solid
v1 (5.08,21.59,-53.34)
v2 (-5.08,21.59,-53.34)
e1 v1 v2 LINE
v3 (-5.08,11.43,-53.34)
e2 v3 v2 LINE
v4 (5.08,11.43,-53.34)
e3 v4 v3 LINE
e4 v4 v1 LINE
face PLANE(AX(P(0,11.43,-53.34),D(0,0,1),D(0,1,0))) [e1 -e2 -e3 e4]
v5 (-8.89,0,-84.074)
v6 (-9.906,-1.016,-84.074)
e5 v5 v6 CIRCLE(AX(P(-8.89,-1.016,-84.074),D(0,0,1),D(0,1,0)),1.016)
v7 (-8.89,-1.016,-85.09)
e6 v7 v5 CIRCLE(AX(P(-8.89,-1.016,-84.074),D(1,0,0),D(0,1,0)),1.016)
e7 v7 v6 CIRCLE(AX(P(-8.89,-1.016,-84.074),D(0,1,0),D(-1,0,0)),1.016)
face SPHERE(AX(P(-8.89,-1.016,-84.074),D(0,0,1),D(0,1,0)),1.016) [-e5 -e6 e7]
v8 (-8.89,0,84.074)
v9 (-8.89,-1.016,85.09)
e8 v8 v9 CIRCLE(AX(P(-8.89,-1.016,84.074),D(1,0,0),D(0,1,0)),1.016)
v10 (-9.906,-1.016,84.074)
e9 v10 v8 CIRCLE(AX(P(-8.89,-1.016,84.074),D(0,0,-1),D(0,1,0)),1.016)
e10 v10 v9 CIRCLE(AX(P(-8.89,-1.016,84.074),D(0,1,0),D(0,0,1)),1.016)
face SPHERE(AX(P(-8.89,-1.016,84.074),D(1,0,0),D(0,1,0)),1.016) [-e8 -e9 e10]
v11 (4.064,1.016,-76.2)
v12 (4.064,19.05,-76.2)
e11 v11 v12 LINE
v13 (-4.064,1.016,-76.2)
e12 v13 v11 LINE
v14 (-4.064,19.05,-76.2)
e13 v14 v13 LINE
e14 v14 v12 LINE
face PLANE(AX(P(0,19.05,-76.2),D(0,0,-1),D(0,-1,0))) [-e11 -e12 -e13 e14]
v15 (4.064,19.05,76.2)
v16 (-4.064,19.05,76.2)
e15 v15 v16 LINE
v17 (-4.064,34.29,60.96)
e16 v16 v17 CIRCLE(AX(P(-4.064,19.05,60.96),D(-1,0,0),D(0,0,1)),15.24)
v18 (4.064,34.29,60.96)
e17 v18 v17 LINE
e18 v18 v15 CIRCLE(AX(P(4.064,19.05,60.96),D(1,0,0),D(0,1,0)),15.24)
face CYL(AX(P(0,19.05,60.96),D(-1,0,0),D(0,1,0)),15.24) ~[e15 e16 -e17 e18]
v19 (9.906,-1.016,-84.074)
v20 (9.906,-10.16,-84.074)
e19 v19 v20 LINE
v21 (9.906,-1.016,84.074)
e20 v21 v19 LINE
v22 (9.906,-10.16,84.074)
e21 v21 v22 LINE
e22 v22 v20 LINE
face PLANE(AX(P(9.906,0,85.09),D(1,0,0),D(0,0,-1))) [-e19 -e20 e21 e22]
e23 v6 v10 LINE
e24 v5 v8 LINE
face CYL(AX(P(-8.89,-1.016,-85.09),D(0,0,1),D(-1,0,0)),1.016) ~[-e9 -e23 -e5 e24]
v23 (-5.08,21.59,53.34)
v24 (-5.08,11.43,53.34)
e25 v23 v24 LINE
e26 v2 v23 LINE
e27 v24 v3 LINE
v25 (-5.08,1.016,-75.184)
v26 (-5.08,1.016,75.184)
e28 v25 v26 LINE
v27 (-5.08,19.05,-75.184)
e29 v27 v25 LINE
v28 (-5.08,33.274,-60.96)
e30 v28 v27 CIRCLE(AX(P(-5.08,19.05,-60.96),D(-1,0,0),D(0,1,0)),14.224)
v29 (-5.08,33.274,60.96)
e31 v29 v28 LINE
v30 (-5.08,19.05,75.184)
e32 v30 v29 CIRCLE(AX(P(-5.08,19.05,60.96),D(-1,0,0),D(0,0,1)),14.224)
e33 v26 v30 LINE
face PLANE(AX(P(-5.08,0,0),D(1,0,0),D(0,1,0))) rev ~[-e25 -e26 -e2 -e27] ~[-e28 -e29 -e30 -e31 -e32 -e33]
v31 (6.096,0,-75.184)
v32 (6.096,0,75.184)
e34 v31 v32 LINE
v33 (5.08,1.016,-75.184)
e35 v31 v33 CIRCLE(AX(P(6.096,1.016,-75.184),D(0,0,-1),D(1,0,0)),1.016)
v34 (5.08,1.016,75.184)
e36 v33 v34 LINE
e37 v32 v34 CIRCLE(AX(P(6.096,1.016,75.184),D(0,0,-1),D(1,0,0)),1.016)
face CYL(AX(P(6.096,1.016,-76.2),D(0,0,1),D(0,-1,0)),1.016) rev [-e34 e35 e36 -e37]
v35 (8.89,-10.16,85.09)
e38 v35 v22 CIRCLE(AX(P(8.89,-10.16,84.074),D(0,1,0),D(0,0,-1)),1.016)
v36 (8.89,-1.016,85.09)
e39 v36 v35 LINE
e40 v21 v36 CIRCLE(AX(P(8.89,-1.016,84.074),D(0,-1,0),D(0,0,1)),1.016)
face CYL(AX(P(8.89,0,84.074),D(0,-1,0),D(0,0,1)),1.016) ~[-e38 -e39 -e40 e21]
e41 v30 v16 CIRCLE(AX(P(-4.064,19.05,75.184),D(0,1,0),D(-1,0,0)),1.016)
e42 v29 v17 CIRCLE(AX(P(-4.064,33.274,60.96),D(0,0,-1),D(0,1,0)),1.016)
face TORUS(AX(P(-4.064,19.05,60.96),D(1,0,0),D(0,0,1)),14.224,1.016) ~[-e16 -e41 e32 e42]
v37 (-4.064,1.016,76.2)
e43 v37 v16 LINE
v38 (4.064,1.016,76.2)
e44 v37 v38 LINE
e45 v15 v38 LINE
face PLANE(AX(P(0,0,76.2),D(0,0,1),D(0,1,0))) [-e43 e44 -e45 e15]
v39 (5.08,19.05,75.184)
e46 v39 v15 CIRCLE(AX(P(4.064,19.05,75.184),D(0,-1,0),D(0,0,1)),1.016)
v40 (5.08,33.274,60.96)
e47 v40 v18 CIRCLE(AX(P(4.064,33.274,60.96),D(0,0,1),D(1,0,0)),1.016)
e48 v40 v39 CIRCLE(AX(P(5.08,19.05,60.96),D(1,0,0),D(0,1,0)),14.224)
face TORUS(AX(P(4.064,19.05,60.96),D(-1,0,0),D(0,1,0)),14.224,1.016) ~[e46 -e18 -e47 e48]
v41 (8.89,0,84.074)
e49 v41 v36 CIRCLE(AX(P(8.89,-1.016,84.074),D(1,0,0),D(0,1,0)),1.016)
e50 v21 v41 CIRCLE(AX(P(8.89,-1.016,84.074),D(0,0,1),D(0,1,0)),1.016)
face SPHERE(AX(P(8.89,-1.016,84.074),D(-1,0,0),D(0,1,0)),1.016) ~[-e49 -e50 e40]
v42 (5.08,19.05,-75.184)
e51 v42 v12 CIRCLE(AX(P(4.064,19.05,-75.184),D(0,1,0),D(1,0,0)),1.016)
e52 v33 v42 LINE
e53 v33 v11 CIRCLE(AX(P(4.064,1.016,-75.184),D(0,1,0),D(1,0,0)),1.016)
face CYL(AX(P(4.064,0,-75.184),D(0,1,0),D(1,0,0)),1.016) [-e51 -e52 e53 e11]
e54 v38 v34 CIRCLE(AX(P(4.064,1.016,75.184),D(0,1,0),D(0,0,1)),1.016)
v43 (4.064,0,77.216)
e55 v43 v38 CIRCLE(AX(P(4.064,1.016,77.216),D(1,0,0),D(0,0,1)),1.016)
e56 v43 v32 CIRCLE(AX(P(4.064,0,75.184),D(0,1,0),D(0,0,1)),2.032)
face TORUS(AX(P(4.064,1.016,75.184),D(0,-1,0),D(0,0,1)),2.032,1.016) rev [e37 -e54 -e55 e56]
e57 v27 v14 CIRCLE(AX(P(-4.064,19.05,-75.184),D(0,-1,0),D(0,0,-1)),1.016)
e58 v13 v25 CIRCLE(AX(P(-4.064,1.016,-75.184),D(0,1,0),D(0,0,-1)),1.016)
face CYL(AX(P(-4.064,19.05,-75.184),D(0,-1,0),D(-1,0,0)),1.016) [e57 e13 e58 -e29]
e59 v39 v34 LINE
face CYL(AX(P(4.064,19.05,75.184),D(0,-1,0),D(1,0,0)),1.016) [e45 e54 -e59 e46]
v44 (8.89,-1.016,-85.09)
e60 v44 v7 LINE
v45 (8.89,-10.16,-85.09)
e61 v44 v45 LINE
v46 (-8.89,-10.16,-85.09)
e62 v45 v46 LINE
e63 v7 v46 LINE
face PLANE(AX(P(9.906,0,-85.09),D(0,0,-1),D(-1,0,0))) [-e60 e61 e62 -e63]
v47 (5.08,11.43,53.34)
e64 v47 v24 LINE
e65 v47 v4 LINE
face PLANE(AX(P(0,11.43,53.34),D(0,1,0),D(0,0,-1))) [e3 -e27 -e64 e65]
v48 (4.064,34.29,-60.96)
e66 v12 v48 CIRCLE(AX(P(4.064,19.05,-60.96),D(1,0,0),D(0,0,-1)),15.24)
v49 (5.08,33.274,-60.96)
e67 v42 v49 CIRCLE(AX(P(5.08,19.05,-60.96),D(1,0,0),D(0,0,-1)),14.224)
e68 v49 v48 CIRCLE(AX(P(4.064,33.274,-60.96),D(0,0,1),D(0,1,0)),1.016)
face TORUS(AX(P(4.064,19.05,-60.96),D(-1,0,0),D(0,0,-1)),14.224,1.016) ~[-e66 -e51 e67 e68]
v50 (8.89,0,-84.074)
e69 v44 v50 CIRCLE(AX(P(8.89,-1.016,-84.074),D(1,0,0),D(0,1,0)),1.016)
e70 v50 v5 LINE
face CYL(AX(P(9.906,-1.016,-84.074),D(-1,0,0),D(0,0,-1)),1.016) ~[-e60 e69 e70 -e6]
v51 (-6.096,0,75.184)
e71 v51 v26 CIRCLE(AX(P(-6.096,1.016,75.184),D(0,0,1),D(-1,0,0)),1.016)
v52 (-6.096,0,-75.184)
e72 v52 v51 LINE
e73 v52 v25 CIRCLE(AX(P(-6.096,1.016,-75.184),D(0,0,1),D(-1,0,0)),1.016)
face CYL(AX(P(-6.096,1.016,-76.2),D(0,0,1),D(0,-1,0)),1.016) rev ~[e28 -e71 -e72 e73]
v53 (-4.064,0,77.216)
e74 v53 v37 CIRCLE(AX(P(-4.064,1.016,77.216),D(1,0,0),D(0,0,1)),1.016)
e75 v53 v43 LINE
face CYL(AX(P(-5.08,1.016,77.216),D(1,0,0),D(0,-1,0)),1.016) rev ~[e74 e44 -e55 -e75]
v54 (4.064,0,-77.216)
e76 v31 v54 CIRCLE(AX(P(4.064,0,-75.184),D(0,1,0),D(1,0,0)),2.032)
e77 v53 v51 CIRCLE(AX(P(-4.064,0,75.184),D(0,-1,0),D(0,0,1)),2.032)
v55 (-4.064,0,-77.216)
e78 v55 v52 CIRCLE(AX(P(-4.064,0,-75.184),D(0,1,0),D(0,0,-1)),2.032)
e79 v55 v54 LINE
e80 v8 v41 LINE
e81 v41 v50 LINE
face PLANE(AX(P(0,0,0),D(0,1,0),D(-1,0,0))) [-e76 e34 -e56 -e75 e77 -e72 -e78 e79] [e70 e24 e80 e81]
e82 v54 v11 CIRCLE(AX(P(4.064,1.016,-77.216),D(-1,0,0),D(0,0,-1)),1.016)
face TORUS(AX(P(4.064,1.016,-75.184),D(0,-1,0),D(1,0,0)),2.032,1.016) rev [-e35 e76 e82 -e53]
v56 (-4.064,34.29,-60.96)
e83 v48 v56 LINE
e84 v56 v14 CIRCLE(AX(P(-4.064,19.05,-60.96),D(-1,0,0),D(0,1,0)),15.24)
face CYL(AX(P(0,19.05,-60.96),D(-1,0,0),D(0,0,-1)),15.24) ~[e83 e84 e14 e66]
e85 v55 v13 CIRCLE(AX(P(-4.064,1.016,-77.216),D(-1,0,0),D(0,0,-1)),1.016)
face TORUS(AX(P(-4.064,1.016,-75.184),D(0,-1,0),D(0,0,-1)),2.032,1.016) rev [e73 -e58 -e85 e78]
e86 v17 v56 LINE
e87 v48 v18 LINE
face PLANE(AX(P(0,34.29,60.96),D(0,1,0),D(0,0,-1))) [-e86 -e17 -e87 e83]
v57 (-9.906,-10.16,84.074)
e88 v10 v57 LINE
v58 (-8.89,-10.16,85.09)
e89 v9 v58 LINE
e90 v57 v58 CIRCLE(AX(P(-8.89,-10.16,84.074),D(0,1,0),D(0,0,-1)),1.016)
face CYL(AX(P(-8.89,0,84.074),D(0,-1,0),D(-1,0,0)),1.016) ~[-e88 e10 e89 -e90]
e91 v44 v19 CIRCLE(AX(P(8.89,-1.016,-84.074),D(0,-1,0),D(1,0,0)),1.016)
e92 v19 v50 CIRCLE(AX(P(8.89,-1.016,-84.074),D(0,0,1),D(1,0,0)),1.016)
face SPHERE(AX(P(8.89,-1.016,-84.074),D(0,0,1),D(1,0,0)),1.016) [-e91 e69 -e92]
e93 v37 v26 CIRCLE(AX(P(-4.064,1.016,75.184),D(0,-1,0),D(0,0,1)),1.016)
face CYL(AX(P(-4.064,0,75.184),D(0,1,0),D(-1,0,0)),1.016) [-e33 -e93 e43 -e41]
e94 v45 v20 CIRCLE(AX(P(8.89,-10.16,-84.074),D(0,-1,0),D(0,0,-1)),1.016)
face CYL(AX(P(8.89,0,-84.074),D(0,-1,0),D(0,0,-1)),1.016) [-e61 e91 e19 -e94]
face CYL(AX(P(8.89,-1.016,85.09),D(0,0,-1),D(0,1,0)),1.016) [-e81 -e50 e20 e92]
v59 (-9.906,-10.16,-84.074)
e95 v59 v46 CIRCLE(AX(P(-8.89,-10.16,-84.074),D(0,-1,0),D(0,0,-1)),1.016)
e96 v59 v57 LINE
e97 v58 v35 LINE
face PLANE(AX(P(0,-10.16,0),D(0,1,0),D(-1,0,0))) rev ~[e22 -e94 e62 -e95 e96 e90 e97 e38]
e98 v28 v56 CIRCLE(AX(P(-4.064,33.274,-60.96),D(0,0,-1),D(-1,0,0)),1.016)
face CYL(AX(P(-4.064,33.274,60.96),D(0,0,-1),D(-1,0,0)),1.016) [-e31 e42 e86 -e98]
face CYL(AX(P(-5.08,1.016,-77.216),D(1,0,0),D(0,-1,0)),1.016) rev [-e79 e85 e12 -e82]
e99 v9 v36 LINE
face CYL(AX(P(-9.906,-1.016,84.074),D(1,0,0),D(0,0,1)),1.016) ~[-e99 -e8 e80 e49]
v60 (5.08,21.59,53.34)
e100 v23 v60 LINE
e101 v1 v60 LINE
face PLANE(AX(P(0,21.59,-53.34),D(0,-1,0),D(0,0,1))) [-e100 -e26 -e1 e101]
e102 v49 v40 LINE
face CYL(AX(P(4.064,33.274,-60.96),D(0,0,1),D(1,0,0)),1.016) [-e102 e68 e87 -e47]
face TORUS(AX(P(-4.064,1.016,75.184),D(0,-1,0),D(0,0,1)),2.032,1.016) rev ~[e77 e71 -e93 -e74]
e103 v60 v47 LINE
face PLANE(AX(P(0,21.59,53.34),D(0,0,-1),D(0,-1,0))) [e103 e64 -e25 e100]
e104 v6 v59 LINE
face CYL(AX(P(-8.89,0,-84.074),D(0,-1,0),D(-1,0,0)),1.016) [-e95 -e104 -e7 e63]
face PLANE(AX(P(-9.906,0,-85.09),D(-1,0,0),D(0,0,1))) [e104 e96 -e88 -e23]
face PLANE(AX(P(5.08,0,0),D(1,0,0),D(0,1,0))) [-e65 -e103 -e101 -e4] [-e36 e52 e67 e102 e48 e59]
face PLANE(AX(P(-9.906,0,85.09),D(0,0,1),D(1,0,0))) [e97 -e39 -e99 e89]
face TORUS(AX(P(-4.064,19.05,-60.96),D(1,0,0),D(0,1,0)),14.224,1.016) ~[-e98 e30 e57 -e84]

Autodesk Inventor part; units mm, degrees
ref_plane "YZ Plane" through (0, 0, 0) normal (1, 0, 0) x (0, 1, 0)
ref_plane "XZ Plane" through (0, 0, 0) normal (0, 1, 0) x (-1, 0, 0)
ref_plane "XY Plane" through (0, 0, 0) normal (0, 0, 1) x (1, 0, 0)
sketch "Sketch1" plane through (0, 0, 0) normal (1, 0, 0) x (0, 1, 0)
  line L0 (0, 76.2) -> (19.05, 76.2)
  line L1 (34.29, 60.96) -> (34.29, -60.96)
  line L2 (19.05, -76.2) -> (0, -76.2)
  line L3 (0, -76.2) -> (0, 76.2)
  line L4 (21.59, 53.34) -> (11.43, 53.34)
  line L5 (11.43, 53.34) -> (11.43, -53.34)
  line L6 (11.43, -53.34) -> (21.59, -53.34)
  line L7 (21.59, -53.34) -> (21.59, 53.34)
  line L8 (21.59, 53.34) -> (11.43, -53.34) construction
  line L9 (11.43, 53.34) -> (21.59, -53.34) construction
  arc A0 (34.29, 60.96) -> (19.05, 76.2) centre (19.05, 60.96) ccw
  arc A1 (19.05, -76.2) -> (34.29, -60.96) centre (19.05, -60.96) ccw
  line L10 (0, 0) -> (84.7989, 0) construction
  point P0 (16.51, 0)
  dimension "d0" = 15.24
  dimension "d1" = 152.4
  dimension "d2" = 106.68
  dimension "d3" = 34.29
  dimension "d4" = 11.43
  dimension "d5" = 10.16
extrude "Extrusion1" add sketch "Sketch1" along normal mid plane 10.16
sketch "Sketch3" plane through (0, 0, 0) normal (0, 1, 0) x (-1, 0, 0)
  line L0 (9.906, 85.09) -> (-9.906, 85.09)
  line L1 (-9.906, 85.09) -> (-9.906, -85.09)
  line L2 (-9.906, -85.09) -> (9.906, -85.09)
  line L3 (9.906, -85.09) -> (9.906, 85.09)
  line L4 (9.906, 85.09) -> (-9.906, -85.09) construction
  line L5 (-9.906, 85.09) -> (9.906, -85.09) construction
  point P0 (0, 0)
  dimension "d8" = 170.18
  dimension "d9" = 19.812
extrude "Extrusion2" add sketch "Sketch3" against normal blind 10.16
fillet "Fillet1" radius 1.016 22 edges at (5.08, 29.8263, 71.7363) (5.08, 9.525, 76.2) (5.08, 29.8263, -71.7363) (5.08, 9.525, -76.2) (5.08, 34.29, 0) (-5.08, 34.29, 0) (-5.08, 29.8263, -71.7363) (-5.08, 9.525, -76.2) (-5.08, 9.525, 76.2) (-5.08, 29.8263, 71.7363) (0, 0, 76.2) (5.08, 0, 0) (0, 0, -76.2) (-5.08, 0, 0) (0, 0, 85.09) (9.906, 0, 0) (-9.906, 0, 0) (9.906, -5.08, 85.09) (-9.906, -5.08, 85.09) (9.906, -5.08, -85.09) (0, 0, -85.09) (-9.906, -5.08, -85.09)
properties part number "Base"
